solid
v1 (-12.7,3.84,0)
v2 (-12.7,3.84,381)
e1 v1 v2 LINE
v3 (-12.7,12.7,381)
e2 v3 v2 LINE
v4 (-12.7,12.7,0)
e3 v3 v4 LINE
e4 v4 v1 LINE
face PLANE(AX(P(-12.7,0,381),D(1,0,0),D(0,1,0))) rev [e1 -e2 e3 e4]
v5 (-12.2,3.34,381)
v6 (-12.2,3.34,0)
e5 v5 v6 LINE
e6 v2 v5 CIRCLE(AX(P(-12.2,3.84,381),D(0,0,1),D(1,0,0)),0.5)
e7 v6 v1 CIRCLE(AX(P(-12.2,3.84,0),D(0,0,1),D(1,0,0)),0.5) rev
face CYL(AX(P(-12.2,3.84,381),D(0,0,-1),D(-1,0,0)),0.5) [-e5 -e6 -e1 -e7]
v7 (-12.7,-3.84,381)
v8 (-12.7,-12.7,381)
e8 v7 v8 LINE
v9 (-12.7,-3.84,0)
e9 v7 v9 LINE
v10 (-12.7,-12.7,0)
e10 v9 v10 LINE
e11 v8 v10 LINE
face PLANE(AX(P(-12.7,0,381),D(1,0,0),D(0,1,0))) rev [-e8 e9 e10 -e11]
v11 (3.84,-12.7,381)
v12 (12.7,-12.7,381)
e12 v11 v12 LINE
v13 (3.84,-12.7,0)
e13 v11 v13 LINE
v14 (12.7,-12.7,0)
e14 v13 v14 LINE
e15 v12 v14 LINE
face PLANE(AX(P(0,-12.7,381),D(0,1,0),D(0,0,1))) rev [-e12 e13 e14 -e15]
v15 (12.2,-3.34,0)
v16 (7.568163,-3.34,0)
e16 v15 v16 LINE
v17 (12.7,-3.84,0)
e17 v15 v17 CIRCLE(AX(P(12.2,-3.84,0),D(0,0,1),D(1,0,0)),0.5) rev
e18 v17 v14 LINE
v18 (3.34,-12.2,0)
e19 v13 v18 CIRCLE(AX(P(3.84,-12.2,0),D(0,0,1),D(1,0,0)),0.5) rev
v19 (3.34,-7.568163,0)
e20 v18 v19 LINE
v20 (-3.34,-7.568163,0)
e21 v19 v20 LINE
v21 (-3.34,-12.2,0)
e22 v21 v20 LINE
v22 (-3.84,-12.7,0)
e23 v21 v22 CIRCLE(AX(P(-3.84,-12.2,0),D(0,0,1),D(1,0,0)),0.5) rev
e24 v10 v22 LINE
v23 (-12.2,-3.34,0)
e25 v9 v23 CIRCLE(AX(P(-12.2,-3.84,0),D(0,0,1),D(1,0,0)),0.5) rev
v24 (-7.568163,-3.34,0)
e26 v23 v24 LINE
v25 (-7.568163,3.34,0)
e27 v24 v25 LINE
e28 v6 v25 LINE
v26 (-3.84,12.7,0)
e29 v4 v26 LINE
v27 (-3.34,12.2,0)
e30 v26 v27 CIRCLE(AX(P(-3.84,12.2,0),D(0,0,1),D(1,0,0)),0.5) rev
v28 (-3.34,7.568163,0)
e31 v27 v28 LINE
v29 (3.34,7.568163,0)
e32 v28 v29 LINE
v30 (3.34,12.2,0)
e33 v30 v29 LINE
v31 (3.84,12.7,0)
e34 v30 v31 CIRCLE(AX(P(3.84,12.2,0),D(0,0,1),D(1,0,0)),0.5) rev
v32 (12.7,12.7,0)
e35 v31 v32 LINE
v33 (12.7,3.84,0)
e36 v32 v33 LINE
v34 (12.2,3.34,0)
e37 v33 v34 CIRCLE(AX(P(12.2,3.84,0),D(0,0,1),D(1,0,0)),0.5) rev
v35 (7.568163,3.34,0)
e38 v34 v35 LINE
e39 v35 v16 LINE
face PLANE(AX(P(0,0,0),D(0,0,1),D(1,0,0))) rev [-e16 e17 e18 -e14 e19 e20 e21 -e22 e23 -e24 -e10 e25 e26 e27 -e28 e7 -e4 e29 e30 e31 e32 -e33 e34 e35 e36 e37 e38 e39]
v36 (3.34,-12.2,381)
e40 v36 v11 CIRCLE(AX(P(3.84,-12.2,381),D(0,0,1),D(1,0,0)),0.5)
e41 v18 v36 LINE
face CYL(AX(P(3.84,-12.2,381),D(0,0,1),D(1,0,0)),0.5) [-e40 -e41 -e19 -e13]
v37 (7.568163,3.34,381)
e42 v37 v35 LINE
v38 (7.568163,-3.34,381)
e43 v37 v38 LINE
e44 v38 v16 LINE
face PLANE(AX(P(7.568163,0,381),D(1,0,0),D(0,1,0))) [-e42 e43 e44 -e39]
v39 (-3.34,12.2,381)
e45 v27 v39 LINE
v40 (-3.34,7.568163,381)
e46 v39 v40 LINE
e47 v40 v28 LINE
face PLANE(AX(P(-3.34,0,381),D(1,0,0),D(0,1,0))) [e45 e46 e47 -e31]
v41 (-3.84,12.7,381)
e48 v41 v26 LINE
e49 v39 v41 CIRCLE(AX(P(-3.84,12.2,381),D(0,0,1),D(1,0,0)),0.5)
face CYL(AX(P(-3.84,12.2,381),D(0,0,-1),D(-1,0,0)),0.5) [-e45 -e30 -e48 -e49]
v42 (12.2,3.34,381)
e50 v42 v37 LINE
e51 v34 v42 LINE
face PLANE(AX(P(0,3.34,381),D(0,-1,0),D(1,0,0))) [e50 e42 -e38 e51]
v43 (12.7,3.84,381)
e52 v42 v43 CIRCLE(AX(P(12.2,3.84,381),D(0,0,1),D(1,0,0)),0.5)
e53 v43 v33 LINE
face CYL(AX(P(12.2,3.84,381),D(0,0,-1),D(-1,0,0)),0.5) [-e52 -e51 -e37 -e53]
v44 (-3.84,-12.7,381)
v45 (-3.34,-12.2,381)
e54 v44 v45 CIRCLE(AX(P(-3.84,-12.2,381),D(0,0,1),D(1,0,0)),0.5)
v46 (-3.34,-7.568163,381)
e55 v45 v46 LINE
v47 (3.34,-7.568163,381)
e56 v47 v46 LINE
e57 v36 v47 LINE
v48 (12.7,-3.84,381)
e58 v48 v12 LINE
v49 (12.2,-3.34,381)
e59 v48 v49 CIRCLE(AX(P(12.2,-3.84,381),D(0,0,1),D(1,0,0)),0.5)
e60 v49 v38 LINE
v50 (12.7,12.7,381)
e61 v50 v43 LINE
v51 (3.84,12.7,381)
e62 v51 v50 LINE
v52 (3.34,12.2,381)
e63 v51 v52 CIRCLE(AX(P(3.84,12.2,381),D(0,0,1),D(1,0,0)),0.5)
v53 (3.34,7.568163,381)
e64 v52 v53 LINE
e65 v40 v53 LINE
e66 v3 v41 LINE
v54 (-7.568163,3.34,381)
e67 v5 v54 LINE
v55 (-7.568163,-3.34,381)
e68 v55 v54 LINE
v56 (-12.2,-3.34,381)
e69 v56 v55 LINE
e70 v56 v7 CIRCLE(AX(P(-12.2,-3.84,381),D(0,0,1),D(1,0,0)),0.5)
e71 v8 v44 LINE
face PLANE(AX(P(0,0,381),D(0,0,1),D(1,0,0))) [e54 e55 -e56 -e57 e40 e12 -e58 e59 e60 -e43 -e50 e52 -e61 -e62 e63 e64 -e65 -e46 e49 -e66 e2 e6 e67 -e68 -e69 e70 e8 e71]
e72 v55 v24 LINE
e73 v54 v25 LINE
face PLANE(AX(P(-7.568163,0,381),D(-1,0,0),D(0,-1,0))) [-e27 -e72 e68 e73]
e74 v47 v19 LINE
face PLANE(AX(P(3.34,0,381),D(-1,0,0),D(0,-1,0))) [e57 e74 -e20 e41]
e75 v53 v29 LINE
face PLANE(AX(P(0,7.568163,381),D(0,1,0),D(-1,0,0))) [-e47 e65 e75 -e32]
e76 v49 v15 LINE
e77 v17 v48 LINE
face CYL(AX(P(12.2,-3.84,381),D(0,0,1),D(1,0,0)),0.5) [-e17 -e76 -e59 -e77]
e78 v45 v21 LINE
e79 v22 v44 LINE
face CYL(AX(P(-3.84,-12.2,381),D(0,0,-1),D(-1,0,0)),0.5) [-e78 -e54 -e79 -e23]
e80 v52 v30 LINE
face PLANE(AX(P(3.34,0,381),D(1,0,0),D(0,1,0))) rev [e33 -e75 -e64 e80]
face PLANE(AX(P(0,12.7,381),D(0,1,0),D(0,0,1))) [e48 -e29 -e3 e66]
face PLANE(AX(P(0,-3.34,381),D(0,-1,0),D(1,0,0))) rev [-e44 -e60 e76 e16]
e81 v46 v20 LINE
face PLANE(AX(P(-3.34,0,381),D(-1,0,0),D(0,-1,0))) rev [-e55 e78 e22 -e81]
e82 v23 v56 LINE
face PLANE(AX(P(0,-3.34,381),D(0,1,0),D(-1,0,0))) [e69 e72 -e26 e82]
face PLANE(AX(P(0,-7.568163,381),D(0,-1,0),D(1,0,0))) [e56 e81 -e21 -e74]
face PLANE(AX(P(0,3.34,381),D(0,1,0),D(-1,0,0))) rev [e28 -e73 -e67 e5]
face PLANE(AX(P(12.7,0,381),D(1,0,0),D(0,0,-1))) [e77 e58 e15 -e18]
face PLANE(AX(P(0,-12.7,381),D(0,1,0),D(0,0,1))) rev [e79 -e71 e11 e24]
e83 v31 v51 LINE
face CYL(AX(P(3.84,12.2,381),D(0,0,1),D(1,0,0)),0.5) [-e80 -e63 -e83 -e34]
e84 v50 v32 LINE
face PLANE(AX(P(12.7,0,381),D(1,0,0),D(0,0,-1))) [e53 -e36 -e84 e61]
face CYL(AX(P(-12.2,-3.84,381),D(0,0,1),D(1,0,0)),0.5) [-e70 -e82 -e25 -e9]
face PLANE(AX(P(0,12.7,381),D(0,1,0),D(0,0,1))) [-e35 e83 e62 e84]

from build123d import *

# Parameters (mm, degrees)
BOSS_EXTRUDE1_DEPTH = 381
FILLET1_R           = 0.5


with BuildPart() as part:
    # Sketch1 → Boss-Extrude1 (new body)
    with BuildSketch(Plane.XY):
        Polygon((7.568163265, 3.34), (12.7, 3.34), (12.7, 12.7), (3.34, 12.7), (3.34, 7.568163265), (-3.34, 7.568163265), (-3.34, 12.7), (-12.7, 12.7), (-12.7, 3.34), (-7.568163265, 3.34), (-7.568163265, -3.34), (-12.7, -3.34), (-12.7, -12.7), (-3.34, -12.7), (-3.34, -7.568163265), (3.34, -7.568163265), (3.34, -12.7), (12.7, -12.7), (12.7, -3.34), (7.568163265, -3.34), align=None)
    extrude(amount=BOSS_EXTRUDE1_DEPTH)

    # Fillet1
    fillet1_edges = [part.edges().sort_by_distance(p)[0] for p in [
        (-12.7, 3.34, 190.5),
        (-3.34, 12.7, 190.5),
        (3.34, 12.7, 190.5),
        (12.7, 3.34, 190.5),
        (12.7, -3.34, 190.5),
        (3.34, -12.7, 190.5),
        (-3.34, -12.7, 190.5),
        (-12.7, -3.34, 190.5),
    ]]
    fillet(fillet1_edges, radius=FILLET1_R)


solid = part.part
